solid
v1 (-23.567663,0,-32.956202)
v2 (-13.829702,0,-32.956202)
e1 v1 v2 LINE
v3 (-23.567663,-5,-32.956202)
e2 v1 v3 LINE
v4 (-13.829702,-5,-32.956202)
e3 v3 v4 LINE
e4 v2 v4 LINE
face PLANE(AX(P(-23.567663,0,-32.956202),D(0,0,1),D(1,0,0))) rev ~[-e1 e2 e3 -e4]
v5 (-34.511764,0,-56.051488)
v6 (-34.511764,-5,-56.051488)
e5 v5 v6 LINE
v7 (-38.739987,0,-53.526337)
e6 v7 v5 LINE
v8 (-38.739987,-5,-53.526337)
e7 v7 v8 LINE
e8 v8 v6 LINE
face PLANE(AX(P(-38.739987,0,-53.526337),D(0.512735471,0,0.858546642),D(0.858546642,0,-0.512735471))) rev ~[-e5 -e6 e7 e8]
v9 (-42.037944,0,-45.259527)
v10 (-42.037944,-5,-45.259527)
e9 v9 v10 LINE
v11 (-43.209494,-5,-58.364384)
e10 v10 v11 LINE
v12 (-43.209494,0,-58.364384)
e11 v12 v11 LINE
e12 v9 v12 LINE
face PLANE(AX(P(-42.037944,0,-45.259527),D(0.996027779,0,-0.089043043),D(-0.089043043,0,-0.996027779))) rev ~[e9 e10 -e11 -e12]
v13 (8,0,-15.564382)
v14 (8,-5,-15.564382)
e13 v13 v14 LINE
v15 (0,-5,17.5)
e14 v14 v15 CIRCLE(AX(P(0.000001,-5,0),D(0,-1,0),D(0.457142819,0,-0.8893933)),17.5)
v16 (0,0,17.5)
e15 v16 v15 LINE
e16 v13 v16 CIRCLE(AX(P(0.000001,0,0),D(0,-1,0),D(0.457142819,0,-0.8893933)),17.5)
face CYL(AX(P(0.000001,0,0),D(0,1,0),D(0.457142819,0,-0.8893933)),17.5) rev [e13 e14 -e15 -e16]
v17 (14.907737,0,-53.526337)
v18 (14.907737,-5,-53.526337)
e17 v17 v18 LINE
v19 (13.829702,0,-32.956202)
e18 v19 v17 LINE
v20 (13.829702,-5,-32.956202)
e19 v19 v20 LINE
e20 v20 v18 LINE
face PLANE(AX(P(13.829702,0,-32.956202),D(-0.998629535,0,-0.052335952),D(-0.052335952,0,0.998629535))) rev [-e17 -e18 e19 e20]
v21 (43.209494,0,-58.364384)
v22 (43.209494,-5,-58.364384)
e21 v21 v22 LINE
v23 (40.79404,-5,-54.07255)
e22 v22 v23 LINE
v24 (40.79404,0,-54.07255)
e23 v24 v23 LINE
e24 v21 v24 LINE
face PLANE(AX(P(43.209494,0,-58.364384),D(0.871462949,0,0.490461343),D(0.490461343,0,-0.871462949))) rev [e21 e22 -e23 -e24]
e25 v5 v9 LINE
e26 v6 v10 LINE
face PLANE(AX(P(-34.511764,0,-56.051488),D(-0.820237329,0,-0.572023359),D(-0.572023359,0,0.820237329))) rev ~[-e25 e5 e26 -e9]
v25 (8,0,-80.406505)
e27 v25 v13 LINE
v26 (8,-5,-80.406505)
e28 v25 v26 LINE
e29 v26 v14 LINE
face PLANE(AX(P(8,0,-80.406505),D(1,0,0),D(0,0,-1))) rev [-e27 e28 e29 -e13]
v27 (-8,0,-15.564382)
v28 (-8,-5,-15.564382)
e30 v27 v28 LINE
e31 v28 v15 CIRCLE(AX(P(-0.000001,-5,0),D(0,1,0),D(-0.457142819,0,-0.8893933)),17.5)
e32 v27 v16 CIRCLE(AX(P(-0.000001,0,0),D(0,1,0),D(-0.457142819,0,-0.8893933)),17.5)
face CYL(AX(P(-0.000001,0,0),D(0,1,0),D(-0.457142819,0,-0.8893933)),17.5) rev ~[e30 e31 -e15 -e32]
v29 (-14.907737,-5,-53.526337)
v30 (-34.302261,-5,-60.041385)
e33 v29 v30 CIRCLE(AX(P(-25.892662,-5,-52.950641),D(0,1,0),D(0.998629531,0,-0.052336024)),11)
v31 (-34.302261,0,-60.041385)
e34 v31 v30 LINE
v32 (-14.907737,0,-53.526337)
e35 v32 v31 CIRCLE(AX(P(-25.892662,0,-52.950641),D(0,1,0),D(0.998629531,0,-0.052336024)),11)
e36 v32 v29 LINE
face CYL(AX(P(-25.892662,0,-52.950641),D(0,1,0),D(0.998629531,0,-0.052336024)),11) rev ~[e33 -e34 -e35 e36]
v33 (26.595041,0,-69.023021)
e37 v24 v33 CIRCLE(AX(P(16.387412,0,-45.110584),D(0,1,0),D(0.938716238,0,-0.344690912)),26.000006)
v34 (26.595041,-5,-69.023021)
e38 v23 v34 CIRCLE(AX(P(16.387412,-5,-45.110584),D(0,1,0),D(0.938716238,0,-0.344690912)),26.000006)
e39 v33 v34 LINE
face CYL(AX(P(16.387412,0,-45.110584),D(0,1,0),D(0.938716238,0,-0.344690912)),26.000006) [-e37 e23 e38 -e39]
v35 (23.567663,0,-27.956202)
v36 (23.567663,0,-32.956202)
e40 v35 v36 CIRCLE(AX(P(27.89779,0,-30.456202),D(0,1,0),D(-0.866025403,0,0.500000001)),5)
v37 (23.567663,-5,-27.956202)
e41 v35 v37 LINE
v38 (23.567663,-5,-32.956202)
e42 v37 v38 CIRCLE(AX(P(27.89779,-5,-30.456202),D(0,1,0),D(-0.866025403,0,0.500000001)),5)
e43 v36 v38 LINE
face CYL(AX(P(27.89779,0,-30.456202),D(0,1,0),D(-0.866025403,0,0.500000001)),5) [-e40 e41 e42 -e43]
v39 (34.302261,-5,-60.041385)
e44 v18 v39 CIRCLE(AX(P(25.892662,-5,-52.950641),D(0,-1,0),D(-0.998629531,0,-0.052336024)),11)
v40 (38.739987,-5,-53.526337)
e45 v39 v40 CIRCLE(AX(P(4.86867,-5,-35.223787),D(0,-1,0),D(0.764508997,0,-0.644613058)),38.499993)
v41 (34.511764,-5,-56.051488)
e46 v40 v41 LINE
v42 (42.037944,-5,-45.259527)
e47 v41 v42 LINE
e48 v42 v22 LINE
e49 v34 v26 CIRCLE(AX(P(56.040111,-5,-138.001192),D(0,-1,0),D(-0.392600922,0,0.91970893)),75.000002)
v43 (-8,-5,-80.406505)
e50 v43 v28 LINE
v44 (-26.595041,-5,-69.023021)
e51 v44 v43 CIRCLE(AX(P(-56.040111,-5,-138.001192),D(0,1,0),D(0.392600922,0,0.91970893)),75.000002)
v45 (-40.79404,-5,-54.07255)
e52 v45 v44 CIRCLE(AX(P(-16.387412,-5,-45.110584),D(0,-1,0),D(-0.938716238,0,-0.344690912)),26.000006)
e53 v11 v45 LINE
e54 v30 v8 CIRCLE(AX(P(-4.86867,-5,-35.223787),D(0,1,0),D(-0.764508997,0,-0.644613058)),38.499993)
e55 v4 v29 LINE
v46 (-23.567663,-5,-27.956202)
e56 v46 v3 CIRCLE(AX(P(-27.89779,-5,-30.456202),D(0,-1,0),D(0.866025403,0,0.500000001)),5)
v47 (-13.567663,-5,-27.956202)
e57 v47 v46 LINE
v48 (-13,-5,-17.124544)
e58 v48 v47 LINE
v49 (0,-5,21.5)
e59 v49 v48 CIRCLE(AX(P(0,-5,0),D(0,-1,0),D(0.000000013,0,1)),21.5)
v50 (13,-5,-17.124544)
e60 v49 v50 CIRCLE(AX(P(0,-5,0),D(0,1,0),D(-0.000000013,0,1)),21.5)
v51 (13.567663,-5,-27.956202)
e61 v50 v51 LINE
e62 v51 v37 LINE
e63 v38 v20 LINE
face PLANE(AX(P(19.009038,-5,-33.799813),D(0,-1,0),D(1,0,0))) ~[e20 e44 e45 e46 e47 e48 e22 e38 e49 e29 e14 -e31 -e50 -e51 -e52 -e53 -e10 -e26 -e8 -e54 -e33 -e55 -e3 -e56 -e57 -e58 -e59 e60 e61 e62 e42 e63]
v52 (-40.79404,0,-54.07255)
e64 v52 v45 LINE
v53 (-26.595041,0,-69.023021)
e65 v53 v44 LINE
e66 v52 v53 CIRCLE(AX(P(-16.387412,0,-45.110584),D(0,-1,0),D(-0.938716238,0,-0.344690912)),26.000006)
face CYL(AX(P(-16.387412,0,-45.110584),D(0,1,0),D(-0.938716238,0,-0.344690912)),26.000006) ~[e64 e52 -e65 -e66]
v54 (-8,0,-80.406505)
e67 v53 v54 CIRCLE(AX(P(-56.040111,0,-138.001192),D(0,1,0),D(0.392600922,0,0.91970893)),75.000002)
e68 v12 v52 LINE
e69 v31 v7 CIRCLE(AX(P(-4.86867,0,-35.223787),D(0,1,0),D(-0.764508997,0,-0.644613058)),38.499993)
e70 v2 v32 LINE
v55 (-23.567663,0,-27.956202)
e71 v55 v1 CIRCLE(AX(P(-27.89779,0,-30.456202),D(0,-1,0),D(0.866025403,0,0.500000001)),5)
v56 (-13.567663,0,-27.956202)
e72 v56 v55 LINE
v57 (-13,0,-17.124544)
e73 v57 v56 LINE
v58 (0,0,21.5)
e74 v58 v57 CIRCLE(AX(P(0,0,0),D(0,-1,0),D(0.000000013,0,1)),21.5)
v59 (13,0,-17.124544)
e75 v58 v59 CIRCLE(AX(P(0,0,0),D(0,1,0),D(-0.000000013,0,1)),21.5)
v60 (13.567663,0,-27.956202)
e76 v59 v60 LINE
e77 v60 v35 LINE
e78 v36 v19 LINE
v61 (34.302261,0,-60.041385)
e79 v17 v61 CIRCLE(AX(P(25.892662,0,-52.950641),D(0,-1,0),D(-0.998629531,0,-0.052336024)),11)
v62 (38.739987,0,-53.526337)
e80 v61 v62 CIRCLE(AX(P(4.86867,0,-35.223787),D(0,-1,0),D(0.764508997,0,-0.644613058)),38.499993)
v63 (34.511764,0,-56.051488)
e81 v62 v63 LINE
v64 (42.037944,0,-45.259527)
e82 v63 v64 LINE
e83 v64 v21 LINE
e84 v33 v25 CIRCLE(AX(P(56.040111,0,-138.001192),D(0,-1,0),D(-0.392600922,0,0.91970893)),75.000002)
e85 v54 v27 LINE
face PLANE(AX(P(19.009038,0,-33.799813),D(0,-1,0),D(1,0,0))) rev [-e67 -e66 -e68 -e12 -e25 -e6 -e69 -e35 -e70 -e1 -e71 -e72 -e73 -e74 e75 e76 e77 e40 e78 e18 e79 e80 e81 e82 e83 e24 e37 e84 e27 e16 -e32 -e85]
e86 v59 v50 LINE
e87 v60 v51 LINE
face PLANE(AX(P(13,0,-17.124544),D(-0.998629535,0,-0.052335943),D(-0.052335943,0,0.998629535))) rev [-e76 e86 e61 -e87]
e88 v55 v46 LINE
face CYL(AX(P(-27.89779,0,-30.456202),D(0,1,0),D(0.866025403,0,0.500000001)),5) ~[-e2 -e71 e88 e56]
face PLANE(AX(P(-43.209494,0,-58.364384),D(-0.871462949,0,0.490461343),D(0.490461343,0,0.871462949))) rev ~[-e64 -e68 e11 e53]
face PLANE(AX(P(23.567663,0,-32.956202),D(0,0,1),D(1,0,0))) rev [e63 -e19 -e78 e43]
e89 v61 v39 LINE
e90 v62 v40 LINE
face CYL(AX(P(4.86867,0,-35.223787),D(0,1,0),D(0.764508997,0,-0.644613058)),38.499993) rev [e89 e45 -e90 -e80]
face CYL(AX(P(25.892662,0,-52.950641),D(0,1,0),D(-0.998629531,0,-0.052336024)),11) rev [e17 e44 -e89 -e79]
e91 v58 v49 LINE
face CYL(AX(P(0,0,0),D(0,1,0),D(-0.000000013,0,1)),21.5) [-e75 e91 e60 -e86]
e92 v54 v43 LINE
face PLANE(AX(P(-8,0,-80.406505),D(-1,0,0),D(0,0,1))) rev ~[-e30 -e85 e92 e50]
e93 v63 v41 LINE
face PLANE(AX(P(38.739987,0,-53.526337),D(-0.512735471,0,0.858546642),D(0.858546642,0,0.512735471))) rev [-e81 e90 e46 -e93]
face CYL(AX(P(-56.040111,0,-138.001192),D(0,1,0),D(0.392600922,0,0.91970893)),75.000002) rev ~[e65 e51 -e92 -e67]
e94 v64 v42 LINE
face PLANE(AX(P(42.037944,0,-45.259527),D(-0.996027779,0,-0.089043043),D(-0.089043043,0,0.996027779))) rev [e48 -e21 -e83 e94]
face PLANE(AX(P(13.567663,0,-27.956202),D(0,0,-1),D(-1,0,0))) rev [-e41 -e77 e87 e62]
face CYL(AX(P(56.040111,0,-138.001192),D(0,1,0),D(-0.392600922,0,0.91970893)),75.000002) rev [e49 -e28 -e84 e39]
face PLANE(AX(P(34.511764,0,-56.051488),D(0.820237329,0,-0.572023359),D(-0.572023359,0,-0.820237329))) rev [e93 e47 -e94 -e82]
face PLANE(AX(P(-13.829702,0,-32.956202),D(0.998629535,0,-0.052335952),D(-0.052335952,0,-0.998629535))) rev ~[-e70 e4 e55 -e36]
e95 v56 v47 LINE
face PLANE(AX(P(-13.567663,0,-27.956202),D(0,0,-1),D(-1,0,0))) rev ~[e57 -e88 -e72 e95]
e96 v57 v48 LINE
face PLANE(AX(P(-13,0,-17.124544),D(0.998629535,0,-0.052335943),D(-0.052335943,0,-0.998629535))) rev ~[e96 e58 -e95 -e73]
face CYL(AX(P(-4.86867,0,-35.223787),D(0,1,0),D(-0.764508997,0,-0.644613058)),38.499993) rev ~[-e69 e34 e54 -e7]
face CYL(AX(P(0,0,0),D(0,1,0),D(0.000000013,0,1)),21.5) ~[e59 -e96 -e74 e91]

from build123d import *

# Parameters (mm, degrees)
F1_DEPTH = 5


with BuildPart() as f1:
    # F0 (on Front) → F1 (new body)
    with BuildSketch(Plane.XZ):
        with BuildLine():
            Line((0, 17.5), (0, 21.5))
            ThreePointArc((0, 21.5), (-20.376797, 6.858291), (-13, -17.124544))
            Line((-13, -17.124544), (-13.567663, -27.956202))
            Line((-13.567663, -27.956202), (-23.567663, -27.956202))
            ThreePointArc((-23.567663, -27.956202), (-32.89779, -30.456202), (-23.567663, -32.956202))
            Line((-23.567663, -32.956202), (-13.829702, -32.956202))
            Line((-13.829702, -32.956202), (-14.907737, -53.526337))
            ThreePointArc((-14.907737, -53.526337), (-22.389872, -63.378031), (-34.302261, -60.041385))
            ThreePointArc((-34.302261, -60.041385), (-36.688307, -56.897738), (-38.739987, -53.526337))
            Line((-38.739987, -53.526337), (-34.511764, -56.051488))
            Line((-34.511764, -56.051488), (-42.037944, -45.259527))
            Line((-42.037944, -45.259527), (-43.209494, -58.364384))
            Line((-43.209494, -58.364384), (-40.79404, -54.07255))
            ThreePointArc((-40.79404, -54.07255), (-35.239888, -63.015457), (-26.595041, -69.023021))
            ThreePointArc((-26.595041, -69.023021), (-16.881661, -74.035451), (-8, -80.406505))
            Line((-8, -80.406505), (-8, -19.956202))
            Line((-8, -19.956202), (-8, -15.564382))
            ThreePointArc((-8, -15.564382), (-17.009214, 4.115417), (0, 17.5))
        make_face()
    extrude(amount=F1_DEPTH)

    # F2: F1 across face


with BuildPart() as f1_1:
    add(f1.part)
    add(f1.part.mirror(Plane(origin=(0, -2.5, 19.5), x_dir=(0, 1, 0), z_dir=(1, 0, 0))))


solid = f1_1.part
